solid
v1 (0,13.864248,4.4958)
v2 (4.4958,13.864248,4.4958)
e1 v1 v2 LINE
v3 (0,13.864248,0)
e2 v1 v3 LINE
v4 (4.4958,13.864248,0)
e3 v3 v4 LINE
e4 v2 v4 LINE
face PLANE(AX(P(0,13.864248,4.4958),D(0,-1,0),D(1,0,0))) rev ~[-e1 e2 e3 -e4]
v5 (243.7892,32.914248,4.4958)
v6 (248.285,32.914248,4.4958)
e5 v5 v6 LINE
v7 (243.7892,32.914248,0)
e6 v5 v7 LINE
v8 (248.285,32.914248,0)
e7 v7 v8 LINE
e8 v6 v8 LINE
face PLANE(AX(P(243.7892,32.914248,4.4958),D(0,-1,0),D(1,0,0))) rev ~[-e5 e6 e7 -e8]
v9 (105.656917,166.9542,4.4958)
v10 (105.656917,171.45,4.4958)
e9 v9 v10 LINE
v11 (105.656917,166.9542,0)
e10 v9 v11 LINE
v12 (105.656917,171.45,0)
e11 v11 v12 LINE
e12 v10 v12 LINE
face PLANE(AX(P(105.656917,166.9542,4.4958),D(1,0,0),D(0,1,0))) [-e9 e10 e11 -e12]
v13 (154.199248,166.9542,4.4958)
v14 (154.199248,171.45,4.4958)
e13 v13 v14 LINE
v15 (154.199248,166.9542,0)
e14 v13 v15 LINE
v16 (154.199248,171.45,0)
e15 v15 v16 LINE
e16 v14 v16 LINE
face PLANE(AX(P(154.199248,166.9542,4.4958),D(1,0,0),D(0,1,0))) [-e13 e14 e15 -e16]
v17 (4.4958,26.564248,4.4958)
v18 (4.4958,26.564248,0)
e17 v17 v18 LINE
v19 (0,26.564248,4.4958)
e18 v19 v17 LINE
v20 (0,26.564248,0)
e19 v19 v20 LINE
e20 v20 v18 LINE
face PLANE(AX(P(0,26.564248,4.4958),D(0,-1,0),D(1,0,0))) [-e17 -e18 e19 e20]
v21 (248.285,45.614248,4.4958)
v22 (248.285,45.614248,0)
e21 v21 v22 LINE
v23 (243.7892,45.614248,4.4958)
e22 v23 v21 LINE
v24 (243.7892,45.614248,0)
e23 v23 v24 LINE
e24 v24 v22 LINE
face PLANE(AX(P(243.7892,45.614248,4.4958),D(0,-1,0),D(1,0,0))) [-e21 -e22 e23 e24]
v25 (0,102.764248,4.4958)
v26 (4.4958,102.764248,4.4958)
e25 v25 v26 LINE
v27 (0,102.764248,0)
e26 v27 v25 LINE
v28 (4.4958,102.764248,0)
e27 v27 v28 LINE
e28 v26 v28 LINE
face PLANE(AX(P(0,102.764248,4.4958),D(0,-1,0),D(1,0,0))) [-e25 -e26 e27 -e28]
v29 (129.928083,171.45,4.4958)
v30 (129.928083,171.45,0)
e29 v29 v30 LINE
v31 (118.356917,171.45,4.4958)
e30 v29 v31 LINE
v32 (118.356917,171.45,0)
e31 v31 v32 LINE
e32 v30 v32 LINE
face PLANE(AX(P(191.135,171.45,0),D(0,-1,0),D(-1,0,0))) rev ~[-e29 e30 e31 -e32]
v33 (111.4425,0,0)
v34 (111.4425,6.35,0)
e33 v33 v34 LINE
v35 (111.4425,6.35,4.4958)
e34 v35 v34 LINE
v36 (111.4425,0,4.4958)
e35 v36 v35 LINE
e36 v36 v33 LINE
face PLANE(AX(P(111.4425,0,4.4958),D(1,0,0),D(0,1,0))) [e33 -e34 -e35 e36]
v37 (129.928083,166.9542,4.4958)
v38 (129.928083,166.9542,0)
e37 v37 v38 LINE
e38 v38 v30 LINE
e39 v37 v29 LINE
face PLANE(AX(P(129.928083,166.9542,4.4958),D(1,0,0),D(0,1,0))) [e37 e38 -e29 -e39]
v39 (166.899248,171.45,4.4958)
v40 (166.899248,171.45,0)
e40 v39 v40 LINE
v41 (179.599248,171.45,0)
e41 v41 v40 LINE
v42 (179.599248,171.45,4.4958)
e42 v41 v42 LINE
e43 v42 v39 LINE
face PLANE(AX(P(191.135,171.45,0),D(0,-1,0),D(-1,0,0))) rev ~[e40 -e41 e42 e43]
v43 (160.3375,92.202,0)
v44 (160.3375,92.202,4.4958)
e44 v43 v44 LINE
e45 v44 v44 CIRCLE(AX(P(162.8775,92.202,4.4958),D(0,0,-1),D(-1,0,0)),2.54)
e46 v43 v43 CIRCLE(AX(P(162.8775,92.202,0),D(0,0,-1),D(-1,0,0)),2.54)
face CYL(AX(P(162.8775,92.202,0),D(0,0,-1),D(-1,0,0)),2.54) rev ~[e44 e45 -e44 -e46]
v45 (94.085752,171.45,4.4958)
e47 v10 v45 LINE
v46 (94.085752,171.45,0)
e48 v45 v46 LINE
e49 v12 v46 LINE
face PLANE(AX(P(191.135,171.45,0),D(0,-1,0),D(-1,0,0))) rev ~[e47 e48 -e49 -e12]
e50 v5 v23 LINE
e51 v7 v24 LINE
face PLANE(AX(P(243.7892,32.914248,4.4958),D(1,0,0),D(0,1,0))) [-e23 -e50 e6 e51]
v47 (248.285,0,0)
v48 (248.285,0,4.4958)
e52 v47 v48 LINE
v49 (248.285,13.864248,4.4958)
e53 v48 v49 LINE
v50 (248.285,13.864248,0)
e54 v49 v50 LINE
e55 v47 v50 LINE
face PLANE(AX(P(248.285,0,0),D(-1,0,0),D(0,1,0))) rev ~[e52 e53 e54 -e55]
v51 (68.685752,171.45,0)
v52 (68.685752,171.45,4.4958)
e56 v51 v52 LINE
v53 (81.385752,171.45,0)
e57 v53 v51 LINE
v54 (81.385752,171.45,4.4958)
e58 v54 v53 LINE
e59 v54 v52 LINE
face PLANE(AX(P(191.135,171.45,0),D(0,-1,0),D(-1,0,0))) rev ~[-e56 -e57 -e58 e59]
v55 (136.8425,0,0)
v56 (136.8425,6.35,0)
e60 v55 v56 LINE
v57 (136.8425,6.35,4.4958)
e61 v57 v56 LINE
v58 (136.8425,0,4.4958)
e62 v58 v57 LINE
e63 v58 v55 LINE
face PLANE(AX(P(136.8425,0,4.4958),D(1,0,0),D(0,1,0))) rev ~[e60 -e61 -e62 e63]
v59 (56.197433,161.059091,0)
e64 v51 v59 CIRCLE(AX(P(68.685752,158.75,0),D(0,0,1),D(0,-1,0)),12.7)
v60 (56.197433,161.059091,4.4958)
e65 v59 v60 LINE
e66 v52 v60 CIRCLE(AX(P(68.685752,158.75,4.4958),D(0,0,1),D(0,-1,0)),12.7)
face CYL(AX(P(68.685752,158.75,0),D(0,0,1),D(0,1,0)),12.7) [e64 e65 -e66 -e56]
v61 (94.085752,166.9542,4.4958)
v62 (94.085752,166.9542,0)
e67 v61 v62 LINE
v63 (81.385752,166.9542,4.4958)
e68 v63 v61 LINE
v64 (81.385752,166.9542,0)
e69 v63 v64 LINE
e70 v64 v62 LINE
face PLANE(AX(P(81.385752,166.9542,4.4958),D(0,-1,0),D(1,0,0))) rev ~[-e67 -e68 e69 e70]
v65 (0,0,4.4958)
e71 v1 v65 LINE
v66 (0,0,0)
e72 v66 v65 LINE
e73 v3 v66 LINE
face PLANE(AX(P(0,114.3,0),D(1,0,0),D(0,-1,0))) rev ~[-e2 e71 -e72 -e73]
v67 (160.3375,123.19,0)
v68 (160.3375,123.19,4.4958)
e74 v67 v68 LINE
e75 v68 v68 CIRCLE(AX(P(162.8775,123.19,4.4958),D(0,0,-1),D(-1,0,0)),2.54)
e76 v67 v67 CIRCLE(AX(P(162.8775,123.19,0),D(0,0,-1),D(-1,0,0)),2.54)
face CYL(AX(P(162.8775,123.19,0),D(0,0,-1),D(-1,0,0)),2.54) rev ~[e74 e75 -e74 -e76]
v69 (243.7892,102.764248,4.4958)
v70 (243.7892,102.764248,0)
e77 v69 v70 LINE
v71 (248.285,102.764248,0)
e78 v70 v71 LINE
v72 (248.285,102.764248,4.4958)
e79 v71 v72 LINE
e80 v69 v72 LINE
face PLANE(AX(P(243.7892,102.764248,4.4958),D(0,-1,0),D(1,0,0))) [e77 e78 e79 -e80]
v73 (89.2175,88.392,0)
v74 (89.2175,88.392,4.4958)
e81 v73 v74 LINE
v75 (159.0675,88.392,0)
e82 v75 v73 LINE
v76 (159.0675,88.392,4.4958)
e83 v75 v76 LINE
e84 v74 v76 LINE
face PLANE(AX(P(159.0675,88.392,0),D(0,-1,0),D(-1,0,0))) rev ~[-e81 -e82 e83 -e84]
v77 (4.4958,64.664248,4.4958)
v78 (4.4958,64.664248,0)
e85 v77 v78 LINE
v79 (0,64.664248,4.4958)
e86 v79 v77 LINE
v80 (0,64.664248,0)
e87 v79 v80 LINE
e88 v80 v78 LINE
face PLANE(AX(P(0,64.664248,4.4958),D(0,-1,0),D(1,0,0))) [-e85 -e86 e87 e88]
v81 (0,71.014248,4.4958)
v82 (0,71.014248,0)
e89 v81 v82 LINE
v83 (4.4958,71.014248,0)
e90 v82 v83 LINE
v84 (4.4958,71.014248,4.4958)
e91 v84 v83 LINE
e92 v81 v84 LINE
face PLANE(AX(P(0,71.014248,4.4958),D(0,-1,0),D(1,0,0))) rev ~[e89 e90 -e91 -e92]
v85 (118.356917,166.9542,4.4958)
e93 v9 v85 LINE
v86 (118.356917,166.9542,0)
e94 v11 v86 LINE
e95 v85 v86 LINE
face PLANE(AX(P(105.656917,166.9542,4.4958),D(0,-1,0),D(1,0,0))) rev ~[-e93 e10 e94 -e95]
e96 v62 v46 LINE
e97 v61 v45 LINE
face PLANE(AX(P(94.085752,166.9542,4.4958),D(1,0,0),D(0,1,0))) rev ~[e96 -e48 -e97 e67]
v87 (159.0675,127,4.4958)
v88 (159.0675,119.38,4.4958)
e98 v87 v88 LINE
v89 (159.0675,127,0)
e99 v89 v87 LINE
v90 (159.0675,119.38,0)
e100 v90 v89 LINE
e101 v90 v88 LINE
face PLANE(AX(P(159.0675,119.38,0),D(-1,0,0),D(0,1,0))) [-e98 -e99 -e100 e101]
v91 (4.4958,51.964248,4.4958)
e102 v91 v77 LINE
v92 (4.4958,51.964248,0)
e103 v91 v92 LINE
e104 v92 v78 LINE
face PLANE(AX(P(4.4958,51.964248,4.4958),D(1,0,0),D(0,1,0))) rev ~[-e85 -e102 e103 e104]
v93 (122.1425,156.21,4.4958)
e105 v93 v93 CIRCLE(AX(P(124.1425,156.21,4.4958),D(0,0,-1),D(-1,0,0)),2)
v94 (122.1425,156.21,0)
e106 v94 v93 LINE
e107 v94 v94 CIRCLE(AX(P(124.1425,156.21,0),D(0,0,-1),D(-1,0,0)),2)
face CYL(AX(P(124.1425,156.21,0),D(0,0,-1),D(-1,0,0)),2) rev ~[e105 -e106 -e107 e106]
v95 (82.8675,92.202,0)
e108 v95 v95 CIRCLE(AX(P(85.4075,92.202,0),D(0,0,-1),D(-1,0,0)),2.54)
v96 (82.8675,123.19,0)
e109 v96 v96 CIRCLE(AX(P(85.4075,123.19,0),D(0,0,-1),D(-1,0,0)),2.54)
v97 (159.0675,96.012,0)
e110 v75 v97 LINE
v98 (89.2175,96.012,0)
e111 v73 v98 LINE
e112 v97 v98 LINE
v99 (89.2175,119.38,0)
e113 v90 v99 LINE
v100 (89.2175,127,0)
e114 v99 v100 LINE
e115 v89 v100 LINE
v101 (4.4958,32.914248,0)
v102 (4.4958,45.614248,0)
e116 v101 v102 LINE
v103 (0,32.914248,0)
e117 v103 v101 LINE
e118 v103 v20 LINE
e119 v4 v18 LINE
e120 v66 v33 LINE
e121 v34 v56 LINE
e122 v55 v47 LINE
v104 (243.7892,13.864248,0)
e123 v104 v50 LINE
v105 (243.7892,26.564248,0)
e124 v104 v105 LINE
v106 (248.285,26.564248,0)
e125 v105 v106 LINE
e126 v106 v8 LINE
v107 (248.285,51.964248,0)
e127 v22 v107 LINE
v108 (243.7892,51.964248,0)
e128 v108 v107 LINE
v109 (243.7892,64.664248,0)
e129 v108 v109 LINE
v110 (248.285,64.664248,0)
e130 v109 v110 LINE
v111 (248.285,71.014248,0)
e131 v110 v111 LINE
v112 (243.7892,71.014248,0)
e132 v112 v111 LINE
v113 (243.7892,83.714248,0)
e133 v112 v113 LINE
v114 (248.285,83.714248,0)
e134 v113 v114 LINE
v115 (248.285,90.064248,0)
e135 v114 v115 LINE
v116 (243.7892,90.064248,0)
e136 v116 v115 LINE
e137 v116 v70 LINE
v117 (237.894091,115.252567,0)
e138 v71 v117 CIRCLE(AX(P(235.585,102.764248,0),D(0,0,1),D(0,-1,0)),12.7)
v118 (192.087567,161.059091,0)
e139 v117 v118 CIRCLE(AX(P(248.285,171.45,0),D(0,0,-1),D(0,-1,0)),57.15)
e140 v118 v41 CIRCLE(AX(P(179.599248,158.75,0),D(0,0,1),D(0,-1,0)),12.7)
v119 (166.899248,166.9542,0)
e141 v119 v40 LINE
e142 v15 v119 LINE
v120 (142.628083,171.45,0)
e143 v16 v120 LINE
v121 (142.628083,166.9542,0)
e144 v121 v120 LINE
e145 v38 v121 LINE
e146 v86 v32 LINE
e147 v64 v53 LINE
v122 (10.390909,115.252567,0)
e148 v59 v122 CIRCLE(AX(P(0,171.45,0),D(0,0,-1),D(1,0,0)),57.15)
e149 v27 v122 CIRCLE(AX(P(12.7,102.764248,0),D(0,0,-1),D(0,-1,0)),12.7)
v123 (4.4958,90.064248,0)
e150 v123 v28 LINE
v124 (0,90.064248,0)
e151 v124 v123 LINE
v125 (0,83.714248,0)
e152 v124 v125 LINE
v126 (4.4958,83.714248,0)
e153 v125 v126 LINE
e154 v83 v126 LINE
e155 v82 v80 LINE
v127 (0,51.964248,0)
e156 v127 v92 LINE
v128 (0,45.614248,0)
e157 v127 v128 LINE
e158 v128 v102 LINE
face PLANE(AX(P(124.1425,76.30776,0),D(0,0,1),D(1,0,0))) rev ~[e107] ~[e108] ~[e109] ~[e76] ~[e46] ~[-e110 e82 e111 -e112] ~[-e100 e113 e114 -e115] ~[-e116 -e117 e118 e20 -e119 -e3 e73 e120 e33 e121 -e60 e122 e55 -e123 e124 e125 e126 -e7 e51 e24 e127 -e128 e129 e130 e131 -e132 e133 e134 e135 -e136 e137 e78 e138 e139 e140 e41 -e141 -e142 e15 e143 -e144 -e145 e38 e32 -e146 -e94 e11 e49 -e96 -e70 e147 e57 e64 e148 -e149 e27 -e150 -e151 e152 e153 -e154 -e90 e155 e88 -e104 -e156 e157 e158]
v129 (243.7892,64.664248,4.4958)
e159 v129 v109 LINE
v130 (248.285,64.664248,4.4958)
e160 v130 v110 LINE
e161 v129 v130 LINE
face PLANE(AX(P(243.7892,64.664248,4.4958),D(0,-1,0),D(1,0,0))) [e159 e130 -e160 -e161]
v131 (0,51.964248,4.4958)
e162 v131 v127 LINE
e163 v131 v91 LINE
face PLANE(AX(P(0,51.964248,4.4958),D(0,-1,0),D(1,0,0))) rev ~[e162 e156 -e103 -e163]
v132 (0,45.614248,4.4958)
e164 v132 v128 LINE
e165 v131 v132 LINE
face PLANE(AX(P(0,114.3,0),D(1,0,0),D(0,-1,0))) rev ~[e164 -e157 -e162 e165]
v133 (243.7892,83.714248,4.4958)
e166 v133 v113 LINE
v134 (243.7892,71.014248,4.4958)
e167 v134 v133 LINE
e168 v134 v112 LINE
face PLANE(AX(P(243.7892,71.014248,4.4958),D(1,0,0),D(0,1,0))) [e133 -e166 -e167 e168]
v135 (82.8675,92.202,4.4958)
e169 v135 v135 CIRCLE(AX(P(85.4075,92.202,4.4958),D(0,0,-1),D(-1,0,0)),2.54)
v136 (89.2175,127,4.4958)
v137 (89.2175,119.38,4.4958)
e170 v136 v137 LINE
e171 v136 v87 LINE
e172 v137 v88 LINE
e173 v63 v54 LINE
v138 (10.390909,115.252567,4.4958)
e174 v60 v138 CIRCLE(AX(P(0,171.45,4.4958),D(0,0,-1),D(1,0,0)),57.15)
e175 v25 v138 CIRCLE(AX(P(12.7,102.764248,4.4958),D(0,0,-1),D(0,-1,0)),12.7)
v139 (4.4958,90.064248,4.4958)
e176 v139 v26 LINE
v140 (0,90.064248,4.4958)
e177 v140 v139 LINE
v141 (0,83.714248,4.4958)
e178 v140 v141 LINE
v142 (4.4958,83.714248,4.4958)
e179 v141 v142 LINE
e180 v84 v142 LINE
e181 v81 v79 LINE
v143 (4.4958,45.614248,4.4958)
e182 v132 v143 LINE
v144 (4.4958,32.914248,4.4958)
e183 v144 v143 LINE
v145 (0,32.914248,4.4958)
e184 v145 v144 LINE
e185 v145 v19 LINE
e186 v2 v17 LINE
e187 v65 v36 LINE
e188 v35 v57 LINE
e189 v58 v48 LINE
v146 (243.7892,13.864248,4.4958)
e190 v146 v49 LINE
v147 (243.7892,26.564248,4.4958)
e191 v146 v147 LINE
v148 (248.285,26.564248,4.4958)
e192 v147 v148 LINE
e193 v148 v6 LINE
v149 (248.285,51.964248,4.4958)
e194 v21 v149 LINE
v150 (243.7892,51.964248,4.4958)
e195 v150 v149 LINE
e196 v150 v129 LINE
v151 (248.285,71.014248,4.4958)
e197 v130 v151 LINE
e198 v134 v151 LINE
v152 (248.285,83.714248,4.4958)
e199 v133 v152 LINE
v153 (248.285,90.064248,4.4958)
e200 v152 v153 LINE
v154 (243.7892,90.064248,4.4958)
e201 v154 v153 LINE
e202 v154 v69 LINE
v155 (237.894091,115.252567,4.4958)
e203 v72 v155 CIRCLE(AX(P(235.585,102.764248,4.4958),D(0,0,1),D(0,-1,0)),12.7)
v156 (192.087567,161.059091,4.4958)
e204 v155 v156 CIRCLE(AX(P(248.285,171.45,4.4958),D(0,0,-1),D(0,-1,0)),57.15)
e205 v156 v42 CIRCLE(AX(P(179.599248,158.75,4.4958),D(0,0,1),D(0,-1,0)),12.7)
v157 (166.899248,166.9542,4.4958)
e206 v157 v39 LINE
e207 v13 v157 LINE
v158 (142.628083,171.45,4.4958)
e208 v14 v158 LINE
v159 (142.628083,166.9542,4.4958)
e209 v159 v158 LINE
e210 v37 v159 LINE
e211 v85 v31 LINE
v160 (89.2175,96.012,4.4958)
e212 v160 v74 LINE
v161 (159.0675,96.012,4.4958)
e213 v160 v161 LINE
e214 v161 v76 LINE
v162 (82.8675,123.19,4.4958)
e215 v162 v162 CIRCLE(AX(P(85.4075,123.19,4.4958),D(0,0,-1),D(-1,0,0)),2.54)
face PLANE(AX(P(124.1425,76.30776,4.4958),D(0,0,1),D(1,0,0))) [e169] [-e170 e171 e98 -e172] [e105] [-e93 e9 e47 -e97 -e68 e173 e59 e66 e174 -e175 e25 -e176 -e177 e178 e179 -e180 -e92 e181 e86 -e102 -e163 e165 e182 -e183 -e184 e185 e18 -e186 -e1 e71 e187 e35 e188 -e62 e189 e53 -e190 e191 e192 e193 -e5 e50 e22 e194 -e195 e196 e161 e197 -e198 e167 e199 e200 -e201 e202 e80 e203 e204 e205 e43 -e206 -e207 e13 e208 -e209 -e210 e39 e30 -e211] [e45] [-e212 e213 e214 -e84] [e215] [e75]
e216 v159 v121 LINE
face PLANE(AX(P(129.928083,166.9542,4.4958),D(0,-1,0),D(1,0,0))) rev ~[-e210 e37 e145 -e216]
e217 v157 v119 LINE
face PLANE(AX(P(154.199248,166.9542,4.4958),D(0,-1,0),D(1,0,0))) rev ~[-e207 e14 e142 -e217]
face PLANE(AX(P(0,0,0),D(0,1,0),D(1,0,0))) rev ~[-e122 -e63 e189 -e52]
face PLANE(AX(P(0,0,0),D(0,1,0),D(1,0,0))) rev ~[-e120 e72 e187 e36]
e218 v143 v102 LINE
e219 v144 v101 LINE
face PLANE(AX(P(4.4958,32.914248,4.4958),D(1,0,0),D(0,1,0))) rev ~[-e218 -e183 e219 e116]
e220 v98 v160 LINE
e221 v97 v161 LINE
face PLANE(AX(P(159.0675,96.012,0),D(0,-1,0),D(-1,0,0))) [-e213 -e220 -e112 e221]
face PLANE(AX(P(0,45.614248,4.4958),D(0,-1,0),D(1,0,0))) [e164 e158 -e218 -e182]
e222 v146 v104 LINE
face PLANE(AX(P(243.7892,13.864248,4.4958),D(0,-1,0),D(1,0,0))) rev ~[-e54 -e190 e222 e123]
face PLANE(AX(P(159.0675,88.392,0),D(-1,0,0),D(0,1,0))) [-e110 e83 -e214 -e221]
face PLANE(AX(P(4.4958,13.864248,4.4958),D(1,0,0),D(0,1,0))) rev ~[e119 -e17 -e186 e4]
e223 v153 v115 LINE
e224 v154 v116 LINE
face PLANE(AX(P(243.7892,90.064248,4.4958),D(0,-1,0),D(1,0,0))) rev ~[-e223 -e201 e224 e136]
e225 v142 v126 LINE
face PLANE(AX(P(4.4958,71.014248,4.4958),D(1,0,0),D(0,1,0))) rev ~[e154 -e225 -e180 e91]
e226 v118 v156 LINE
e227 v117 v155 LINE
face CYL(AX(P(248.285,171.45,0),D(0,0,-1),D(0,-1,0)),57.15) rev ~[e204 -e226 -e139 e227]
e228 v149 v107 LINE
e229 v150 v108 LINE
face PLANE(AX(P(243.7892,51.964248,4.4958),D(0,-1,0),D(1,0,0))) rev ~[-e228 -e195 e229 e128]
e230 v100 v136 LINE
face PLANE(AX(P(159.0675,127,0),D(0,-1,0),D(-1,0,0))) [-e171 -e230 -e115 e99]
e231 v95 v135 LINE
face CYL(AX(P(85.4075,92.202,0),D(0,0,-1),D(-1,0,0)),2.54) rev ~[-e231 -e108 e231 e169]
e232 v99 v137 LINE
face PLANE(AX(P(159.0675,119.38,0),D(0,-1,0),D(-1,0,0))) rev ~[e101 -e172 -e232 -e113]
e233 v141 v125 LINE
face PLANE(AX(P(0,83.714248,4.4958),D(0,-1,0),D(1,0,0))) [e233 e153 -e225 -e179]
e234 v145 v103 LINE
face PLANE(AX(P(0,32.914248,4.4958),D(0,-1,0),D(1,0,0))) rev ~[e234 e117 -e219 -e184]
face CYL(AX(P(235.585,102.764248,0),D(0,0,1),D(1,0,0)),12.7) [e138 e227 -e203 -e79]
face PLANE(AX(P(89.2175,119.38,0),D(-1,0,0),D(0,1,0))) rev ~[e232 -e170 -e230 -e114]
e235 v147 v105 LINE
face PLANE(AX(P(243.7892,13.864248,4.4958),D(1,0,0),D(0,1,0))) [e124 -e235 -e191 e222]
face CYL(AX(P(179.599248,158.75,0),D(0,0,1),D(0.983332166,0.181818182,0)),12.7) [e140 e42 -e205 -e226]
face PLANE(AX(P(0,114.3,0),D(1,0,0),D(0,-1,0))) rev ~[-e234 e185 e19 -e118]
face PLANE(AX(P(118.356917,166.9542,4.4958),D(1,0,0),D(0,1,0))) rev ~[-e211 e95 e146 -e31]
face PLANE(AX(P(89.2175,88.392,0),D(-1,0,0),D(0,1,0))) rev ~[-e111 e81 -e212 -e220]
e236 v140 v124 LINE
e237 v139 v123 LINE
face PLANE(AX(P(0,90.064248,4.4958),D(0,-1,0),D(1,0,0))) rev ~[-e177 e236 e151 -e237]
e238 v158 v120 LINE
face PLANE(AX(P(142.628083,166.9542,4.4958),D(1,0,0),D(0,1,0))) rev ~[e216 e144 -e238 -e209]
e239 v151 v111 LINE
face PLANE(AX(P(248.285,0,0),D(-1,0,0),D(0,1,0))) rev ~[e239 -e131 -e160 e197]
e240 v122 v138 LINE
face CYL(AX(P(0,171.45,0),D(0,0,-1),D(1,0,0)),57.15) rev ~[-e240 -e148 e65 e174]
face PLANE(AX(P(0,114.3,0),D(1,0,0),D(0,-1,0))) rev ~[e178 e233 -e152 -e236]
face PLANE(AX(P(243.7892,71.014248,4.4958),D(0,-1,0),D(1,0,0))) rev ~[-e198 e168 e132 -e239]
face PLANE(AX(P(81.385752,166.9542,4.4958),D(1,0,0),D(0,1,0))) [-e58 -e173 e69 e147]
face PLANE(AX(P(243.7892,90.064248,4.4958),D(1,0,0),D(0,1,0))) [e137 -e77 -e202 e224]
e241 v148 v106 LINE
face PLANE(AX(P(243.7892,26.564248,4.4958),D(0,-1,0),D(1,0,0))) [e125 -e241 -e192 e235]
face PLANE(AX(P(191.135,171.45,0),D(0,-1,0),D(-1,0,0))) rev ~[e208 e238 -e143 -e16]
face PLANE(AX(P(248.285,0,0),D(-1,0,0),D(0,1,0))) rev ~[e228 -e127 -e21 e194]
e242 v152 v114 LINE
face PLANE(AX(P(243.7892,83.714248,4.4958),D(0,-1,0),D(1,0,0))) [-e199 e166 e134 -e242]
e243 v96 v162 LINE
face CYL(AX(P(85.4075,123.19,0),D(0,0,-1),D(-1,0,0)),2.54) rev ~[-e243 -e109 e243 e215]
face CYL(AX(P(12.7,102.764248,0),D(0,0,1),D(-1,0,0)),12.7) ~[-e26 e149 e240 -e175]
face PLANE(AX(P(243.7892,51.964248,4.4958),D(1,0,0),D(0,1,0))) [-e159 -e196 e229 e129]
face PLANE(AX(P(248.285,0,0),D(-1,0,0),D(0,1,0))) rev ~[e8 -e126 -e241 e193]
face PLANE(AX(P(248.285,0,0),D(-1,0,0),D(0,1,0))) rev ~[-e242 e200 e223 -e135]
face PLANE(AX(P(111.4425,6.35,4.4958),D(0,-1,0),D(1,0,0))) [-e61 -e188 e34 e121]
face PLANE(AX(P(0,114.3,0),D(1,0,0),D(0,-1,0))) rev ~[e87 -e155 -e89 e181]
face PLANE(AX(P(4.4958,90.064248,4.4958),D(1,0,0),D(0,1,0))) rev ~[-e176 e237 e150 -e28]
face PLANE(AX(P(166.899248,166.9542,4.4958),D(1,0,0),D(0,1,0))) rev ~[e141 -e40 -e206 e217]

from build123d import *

# Parameters (mm, degrees)
BOSS_EXTRUDE1_DEPTH = 4.4958
FILLET1_R           = 12.7
SKETCH2_W           = 4.4958
SKETCH2_H           = 12.7
CUT_EXTRUDE1_DEPTH  = 302.762747772
SKETCH3_W           = 12.7
SKETCH3_H           = 4.4958
CUT_EXTRUDE2_DEPTH  = 302.762747772
SKETCH5_W           = 25.4
SKETCH5_H           = 6.35
CUT_EXTRUDE4_DEPTH  = 302.762747772
SKETCH7_R           = 2.54
SKETCH7_W           = 69.85
SKETCH7_H           = 7.62
CUT_EXTRUDE6_DEPTH  = 302.762747772
SKETCH8_R           = 2
CUT_EXTRUDE7_DEPTH  = 302.762747772


with BuildPart() as part:
    # Sketch1 → Boss-Extrude1 (new body)
    with BuildSketch(Plane.XY):
        with BuildLine():
            Line((0, 114.3), (0, 0))
            Line((0, 0), (248.285, 0))
            Line((248.285, 0), (248.285, 114.3))
            ThreePointArc((248.285, 114.3), (207.873847455, 131.038847455), (191.135, 171.45))
            Line((191.135, 171.45), (57.15, 171.45))
            ThreePointArc((57.15, 171.45), (40.411152545, 131.038847455), (0, 114.3))
        make_face()
    extrude(amount=BOSS_EXTRUDE1_DEPTH)

    # Fillet1
    fillet1_edges = [part.edges().sort_by_distance(p)[0] for p in [
        (248.285, 114.3, 2.2479),
        (0, 114.3, 2.2479),
        (57.15, 171.45, 2.2479),
        (191.135, 171.45, 2.2479),
    ]]
    fillet(fillet1_edges, radius=FILLET1_R)

    # Sketch2 → Cut-Extrude1 (cut, through all)
    with BuildSketch(Plane.XY.offset(4.4958)):
        with Locations((246.0371, 96.414248202)):
            Rectangle(SKETCH2_W, SKETCH2_H)
        with Locations((246.0371, 77.364248202)):
            Rectangle(SKETCH2_W, SKETCH2_H)
        with Locations((246.0371, 39.264248202)):
            Rectangle(SKETCH2_W, SKETCH2_H)
        with Locations((246.0371, 58.314248202)):
            Rectangle(SKETCH2_W, SKETCH2_H)
        with Locations((246.0371, 20.214248202)):
            Rectangle(SKETCH2_W, SKETCH2_H)
        with Locations((2.2479, 96.414248202)):
            Rectangle(SKETCH2_W, SKETCH2_H)
        with Locations((2.2479, 77.364248202)):
            Rectangle(SKETCH2_W, SKETCH2_H)
        with Locations((2.2479, 58.314248202)):
            Rectangle(SKETCH2_W, SKETCH2_H)
        with Locations((2.2479, 39.264248202)):
            Rectangle(SKETCH2_W, SKETCH2_H)
        with Locations((2.2479, 20.214248202)):
            Rectangle(SKETCH2_W, SKETCH2_H)
    extrude(amount=-CUT_EXTRUDE1_DEPTH, mode=Mode.SUBTRACT)

    # Sketch3 → Cut-Extrude2 (cut, through all)
    with BuildSketch(Plane.XY.offset(4.4958)):
        with Locations((112.006917266, 169.2021)):
            Rectangle(SKETCH3_W, SKETCH3_H)
        with Locations((87.735751798, 169.2021)):
            Rectangle(SKETCH3_W, SKETCH3_H)
        with Locations((136.278082734, 169.2021)):
            Rectangle(SKETCH3_W, SKETCH3_H)
        with Locations((160.549248202, 169.2021)):
            Rectangle(SKETCH3_W, SKETCH3_H)
    extrude(amount=-CUT_EXTRUDE2_DEPTH, mode=Mode.SUBTRACT)

    # Sketch5 → Cut-Extrude4 (cut, through all)
    with BuildSketch(Plane.XY.offset(4.4958)):
        with Locations((124.1425, 3.175)):
            Rectangle(SKETCH5_W, SKETCH5_H)
    extrude(amount=-CUT_EXTRUDE4_DEPTH, mode=Mode.SUBTRACT)

    # Sketch7 → Cut-Extrude6 (cut, through all)
    with BuildSketch(Plane(origin=(0, 0, 0), x_dir=(-1, 0, 0), z_dir=(0, 0, -1))):
        with Locations((-85.4075, 123.19)):
            Circle(SKETCH7_R)
        with Locations((-162.8775, 123.19)):
            Circle(SKETCH7_R)
        with Locations((-124.1425, 123.19)):
            Rectangle(SKETCH7_W, SKETCH7_H)
        with Locations((-124.1425, 92.202)):
            Rectangle(SKETCH7_W, SKETCH7_H)
        with Locations((-85.4075, 92.202)):
            Circle(SKETCH7_R)
        with Locations((-162.8775, 92.202)):
            Circle(SKETCH7_R)
    extrude(amount=-CUT_EXTRUDE6_DEPTH, mode=Mode.SUBTRACT)

    # Sketch8 → Cut-Extrude7 (cut, through all)
    with BuildSketch(Plane(origin=(0, 0, 0), x_dir=(-1, 0, 0), z_dir=(0, 0, -1))):
        with Locations((-124.1425, 156.21)):
            Circle(SKETCH8_R)
    extrude(amount=-CUT_EXTRUDE7_DEPTH, mode=Mode.SUBTRACT)


solid = part.part
